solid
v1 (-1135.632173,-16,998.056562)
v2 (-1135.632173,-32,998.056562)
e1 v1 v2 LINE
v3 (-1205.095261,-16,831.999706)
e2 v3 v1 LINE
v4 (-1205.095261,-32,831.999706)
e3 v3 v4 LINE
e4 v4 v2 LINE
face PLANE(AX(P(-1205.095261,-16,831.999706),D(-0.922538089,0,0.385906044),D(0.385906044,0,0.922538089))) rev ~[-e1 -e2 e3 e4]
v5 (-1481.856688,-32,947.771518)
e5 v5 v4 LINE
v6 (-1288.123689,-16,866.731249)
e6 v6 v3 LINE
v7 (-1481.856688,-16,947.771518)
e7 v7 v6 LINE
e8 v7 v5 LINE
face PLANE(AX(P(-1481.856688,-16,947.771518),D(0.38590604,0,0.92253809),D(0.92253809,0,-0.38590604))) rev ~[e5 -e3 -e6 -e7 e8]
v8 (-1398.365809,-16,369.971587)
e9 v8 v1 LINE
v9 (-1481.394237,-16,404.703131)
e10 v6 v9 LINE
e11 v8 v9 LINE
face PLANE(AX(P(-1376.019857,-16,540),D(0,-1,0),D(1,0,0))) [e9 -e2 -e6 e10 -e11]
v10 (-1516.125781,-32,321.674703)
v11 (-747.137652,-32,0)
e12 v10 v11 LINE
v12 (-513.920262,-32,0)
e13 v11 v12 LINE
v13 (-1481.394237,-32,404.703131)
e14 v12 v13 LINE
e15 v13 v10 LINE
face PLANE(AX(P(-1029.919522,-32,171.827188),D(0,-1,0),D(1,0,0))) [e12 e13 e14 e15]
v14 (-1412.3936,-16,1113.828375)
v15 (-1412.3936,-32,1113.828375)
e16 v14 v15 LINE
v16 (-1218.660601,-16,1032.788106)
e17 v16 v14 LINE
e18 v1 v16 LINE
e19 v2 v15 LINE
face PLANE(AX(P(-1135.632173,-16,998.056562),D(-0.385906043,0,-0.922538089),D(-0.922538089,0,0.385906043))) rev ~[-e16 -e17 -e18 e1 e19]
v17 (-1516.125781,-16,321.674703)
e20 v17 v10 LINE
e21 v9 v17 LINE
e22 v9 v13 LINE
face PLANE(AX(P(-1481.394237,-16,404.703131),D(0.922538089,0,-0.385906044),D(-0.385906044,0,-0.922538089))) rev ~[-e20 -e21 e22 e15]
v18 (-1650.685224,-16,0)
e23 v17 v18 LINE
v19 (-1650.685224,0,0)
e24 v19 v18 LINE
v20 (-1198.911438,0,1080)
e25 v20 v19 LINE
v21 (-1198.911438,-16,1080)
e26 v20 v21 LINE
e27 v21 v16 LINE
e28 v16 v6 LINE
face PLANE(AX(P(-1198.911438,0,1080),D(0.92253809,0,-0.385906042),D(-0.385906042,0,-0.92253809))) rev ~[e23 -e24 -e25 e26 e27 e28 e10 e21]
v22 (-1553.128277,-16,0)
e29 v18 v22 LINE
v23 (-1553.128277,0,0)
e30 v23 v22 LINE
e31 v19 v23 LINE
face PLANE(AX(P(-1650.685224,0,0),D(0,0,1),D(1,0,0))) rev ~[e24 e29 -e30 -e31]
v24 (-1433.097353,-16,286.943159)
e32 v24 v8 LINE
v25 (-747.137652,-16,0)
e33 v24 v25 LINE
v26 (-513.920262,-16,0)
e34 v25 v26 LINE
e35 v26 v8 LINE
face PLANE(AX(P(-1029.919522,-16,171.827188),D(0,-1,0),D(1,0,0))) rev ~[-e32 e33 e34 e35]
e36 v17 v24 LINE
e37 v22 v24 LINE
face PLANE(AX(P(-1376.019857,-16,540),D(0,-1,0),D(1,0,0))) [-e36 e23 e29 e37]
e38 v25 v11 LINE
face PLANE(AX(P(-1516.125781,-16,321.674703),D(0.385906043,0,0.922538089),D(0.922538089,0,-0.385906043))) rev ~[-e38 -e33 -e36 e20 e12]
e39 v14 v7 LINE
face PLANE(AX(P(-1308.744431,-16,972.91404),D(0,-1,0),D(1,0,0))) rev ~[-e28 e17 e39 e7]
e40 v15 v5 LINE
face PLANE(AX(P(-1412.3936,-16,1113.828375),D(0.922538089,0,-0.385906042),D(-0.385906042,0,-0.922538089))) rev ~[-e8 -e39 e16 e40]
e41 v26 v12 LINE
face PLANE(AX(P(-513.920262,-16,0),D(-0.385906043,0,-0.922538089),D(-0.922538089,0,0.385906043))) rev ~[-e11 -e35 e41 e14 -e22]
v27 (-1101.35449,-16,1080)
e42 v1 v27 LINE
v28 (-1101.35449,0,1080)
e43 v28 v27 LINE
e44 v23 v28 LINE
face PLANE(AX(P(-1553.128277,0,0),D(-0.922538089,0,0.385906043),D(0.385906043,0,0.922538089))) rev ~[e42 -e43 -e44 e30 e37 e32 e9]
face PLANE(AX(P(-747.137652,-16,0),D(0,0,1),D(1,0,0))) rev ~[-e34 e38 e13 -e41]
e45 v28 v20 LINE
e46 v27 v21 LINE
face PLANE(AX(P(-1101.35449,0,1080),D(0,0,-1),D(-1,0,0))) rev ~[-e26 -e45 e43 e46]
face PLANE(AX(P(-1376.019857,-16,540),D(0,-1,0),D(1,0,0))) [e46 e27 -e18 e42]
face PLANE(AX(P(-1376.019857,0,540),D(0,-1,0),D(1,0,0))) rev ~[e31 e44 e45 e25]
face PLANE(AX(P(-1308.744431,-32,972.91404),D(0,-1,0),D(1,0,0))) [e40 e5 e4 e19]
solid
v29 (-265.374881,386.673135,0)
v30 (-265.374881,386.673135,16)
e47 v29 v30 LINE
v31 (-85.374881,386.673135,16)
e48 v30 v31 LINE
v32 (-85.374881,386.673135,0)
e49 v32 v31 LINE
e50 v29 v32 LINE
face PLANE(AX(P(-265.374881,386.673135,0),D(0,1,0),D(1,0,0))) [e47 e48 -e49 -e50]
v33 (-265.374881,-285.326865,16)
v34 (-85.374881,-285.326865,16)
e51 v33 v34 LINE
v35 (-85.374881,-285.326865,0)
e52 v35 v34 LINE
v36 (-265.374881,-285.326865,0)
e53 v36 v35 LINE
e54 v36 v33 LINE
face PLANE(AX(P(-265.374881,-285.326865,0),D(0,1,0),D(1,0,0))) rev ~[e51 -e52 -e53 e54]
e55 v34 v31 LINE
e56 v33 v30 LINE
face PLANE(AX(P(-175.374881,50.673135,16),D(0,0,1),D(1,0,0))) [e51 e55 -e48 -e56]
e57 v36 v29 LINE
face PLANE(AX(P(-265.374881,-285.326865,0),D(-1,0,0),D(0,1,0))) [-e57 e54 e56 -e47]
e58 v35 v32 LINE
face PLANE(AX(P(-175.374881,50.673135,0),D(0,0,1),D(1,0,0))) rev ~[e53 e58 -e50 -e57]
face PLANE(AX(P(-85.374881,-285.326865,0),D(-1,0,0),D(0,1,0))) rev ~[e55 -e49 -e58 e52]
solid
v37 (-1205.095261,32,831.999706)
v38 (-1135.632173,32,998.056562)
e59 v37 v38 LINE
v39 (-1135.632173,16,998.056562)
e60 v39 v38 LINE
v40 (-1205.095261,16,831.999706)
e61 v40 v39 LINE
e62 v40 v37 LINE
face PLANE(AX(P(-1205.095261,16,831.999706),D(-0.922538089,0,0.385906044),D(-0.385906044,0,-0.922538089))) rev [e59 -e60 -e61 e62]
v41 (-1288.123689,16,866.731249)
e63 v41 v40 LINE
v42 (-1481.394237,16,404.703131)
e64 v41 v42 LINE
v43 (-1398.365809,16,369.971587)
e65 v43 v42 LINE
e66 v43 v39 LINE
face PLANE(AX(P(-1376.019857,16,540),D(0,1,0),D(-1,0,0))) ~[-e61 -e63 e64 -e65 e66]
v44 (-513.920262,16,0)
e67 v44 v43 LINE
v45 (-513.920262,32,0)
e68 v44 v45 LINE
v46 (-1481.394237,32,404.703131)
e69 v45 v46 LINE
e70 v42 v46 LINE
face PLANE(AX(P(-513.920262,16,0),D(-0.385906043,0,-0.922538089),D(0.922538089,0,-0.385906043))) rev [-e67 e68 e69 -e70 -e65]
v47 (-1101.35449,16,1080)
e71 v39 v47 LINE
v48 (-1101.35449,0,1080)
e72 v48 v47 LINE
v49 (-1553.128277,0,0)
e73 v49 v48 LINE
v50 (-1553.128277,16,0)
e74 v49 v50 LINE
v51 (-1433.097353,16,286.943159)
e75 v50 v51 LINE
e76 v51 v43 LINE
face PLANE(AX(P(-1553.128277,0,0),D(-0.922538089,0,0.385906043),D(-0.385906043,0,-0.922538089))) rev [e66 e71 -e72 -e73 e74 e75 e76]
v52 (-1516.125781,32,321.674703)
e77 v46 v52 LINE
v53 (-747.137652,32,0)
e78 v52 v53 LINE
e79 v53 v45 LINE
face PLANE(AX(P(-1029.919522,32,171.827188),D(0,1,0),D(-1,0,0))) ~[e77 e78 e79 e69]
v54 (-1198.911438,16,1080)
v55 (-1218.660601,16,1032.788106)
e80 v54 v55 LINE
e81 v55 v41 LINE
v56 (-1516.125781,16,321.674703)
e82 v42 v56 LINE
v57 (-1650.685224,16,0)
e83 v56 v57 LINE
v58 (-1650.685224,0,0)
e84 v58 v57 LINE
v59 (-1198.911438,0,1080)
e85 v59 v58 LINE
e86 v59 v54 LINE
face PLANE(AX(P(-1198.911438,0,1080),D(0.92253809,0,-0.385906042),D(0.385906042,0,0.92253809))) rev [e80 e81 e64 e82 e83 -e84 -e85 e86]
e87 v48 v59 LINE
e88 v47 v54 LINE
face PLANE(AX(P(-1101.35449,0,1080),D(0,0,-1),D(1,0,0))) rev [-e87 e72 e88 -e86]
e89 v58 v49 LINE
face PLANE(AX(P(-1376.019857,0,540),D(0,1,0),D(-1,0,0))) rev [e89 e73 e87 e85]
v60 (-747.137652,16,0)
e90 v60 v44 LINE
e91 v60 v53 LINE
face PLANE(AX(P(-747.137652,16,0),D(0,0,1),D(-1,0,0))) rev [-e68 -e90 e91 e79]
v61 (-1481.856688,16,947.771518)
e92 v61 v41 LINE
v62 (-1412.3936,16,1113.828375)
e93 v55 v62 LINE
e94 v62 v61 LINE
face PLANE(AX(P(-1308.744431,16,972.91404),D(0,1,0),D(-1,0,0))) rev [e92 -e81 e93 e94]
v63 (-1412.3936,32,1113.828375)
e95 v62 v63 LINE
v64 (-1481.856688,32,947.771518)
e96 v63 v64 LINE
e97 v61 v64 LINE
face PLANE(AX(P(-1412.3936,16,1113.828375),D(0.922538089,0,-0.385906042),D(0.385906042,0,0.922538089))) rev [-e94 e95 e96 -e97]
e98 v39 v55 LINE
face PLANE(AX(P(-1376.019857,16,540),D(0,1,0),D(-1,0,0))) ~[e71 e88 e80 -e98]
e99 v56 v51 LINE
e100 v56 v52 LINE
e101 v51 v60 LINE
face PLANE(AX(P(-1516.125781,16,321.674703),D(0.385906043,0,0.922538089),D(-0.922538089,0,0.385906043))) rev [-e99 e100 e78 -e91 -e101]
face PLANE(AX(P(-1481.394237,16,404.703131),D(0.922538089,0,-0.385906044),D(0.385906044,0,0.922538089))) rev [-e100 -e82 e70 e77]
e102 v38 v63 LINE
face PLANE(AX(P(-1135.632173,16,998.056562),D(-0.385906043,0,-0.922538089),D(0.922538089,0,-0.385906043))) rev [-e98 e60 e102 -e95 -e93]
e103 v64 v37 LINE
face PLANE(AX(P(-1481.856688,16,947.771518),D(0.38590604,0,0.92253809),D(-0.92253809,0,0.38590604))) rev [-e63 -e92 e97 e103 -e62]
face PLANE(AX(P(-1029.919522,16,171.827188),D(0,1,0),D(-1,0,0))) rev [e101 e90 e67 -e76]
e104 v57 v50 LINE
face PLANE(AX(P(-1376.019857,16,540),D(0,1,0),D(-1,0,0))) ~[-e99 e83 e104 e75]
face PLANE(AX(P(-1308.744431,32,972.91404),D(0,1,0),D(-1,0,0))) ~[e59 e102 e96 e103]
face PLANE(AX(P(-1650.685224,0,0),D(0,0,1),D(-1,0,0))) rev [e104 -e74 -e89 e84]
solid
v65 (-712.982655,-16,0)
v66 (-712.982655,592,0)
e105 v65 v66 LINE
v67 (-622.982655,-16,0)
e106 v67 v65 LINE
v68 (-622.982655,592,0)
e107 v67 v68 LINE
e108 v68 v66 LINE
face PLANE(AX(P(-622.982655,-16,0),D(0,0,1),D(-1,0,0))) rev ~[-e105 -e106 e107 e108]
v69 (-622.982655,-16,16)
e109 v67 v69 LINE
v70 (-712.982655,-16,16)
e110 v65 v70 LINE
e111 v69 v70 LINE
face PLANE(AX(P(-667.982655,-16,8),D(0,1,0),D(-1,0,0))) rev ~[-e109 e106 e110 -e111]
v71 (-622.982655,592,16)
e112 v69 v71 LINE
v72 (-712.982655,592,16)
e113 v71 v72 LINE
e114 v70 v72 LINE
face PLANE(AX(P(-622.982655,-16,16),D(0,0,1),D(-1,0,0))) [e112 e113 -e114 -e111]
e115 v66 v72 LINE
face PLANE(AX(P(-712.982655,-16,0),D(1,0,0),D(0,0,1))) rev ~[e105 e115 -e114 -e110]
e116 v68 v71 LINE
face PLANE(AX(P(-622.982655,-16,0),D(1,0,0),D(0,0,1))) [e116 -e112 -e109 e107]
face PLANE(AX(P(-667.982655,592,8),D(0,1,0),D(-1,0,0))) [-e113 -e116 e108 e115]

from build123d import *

# Parameters (mm, degrees)
F1_DEPTH  = 16
F3_DEPTH  = 16
F6_DEPTH  = 16
F10_W     = 90
F10_H     = 16
F11_DEPTH = 608
F12_W     = 180
F12_H     = 672
F13_DEPTH = 16


with BuildPart() as f1:
    # F0 (on Front) → F1 (new body)
    with BuildSketch(Plane.XZ):
        Polygon((-1198.911438, 1080), (-1650.685224, 0), (-1553.128277, 0), (-1101.35449, 1080), align=None)
    extrude(amount=F1_DEPTH)

    # F2 (on face) → F3 (join)
    with BuildSketch(Plane.XZ.offset(16)):
        Polygon((-1516.125781, 321.674703), (-747.137652, 0), (-513.920262, 0), (-1481.394237, 404.703131), align=None)
    extrude(amount=F3_DEPTH)

    # F5 (on face) → F6 (join)
    with BuildSketch(Plane.XZ.offset(16)):
        Polygon((-1481.856688, 947.771518), (-1205.095261, 831.999706), (-1135.632173, 998.056562), (-1412.3936, 1113.828375), align=None)
    extrude(amount=F6_DEPTH)


with BuildPart() as f7_1:
    # F7: copy of F1
    add(f1.part)


with BuildPart() as f8_1:
    # F8: instance of F7_1
    add(f7_1.part.mirror(Plane.XZ))


with BuildPart() as f11:
    # F10 (on face) → F11 (new body)
    with BuildSketch(Plane(origin=(0, -16, 0), x_dir=(-1, 0, 0), z_dir=(0, 1, 0))):
        with Locations((667.982655, 8)):
            Rectangle(F10_W, F10_H)
    extrude(amount=F11_DEPTH)


with BuildPart() as f13:
    # F12 (on Top) → F13 (new body)
    with BuildSketch(Plane.XY):
        with Locations((-175.374881, 50.673135)):
            Rectangle(F12_W, F12_H)
    extrude(amount=F13_DEPTH)


solid = Compound([f1.part, f8_1.part, f11.part, f13.part])
